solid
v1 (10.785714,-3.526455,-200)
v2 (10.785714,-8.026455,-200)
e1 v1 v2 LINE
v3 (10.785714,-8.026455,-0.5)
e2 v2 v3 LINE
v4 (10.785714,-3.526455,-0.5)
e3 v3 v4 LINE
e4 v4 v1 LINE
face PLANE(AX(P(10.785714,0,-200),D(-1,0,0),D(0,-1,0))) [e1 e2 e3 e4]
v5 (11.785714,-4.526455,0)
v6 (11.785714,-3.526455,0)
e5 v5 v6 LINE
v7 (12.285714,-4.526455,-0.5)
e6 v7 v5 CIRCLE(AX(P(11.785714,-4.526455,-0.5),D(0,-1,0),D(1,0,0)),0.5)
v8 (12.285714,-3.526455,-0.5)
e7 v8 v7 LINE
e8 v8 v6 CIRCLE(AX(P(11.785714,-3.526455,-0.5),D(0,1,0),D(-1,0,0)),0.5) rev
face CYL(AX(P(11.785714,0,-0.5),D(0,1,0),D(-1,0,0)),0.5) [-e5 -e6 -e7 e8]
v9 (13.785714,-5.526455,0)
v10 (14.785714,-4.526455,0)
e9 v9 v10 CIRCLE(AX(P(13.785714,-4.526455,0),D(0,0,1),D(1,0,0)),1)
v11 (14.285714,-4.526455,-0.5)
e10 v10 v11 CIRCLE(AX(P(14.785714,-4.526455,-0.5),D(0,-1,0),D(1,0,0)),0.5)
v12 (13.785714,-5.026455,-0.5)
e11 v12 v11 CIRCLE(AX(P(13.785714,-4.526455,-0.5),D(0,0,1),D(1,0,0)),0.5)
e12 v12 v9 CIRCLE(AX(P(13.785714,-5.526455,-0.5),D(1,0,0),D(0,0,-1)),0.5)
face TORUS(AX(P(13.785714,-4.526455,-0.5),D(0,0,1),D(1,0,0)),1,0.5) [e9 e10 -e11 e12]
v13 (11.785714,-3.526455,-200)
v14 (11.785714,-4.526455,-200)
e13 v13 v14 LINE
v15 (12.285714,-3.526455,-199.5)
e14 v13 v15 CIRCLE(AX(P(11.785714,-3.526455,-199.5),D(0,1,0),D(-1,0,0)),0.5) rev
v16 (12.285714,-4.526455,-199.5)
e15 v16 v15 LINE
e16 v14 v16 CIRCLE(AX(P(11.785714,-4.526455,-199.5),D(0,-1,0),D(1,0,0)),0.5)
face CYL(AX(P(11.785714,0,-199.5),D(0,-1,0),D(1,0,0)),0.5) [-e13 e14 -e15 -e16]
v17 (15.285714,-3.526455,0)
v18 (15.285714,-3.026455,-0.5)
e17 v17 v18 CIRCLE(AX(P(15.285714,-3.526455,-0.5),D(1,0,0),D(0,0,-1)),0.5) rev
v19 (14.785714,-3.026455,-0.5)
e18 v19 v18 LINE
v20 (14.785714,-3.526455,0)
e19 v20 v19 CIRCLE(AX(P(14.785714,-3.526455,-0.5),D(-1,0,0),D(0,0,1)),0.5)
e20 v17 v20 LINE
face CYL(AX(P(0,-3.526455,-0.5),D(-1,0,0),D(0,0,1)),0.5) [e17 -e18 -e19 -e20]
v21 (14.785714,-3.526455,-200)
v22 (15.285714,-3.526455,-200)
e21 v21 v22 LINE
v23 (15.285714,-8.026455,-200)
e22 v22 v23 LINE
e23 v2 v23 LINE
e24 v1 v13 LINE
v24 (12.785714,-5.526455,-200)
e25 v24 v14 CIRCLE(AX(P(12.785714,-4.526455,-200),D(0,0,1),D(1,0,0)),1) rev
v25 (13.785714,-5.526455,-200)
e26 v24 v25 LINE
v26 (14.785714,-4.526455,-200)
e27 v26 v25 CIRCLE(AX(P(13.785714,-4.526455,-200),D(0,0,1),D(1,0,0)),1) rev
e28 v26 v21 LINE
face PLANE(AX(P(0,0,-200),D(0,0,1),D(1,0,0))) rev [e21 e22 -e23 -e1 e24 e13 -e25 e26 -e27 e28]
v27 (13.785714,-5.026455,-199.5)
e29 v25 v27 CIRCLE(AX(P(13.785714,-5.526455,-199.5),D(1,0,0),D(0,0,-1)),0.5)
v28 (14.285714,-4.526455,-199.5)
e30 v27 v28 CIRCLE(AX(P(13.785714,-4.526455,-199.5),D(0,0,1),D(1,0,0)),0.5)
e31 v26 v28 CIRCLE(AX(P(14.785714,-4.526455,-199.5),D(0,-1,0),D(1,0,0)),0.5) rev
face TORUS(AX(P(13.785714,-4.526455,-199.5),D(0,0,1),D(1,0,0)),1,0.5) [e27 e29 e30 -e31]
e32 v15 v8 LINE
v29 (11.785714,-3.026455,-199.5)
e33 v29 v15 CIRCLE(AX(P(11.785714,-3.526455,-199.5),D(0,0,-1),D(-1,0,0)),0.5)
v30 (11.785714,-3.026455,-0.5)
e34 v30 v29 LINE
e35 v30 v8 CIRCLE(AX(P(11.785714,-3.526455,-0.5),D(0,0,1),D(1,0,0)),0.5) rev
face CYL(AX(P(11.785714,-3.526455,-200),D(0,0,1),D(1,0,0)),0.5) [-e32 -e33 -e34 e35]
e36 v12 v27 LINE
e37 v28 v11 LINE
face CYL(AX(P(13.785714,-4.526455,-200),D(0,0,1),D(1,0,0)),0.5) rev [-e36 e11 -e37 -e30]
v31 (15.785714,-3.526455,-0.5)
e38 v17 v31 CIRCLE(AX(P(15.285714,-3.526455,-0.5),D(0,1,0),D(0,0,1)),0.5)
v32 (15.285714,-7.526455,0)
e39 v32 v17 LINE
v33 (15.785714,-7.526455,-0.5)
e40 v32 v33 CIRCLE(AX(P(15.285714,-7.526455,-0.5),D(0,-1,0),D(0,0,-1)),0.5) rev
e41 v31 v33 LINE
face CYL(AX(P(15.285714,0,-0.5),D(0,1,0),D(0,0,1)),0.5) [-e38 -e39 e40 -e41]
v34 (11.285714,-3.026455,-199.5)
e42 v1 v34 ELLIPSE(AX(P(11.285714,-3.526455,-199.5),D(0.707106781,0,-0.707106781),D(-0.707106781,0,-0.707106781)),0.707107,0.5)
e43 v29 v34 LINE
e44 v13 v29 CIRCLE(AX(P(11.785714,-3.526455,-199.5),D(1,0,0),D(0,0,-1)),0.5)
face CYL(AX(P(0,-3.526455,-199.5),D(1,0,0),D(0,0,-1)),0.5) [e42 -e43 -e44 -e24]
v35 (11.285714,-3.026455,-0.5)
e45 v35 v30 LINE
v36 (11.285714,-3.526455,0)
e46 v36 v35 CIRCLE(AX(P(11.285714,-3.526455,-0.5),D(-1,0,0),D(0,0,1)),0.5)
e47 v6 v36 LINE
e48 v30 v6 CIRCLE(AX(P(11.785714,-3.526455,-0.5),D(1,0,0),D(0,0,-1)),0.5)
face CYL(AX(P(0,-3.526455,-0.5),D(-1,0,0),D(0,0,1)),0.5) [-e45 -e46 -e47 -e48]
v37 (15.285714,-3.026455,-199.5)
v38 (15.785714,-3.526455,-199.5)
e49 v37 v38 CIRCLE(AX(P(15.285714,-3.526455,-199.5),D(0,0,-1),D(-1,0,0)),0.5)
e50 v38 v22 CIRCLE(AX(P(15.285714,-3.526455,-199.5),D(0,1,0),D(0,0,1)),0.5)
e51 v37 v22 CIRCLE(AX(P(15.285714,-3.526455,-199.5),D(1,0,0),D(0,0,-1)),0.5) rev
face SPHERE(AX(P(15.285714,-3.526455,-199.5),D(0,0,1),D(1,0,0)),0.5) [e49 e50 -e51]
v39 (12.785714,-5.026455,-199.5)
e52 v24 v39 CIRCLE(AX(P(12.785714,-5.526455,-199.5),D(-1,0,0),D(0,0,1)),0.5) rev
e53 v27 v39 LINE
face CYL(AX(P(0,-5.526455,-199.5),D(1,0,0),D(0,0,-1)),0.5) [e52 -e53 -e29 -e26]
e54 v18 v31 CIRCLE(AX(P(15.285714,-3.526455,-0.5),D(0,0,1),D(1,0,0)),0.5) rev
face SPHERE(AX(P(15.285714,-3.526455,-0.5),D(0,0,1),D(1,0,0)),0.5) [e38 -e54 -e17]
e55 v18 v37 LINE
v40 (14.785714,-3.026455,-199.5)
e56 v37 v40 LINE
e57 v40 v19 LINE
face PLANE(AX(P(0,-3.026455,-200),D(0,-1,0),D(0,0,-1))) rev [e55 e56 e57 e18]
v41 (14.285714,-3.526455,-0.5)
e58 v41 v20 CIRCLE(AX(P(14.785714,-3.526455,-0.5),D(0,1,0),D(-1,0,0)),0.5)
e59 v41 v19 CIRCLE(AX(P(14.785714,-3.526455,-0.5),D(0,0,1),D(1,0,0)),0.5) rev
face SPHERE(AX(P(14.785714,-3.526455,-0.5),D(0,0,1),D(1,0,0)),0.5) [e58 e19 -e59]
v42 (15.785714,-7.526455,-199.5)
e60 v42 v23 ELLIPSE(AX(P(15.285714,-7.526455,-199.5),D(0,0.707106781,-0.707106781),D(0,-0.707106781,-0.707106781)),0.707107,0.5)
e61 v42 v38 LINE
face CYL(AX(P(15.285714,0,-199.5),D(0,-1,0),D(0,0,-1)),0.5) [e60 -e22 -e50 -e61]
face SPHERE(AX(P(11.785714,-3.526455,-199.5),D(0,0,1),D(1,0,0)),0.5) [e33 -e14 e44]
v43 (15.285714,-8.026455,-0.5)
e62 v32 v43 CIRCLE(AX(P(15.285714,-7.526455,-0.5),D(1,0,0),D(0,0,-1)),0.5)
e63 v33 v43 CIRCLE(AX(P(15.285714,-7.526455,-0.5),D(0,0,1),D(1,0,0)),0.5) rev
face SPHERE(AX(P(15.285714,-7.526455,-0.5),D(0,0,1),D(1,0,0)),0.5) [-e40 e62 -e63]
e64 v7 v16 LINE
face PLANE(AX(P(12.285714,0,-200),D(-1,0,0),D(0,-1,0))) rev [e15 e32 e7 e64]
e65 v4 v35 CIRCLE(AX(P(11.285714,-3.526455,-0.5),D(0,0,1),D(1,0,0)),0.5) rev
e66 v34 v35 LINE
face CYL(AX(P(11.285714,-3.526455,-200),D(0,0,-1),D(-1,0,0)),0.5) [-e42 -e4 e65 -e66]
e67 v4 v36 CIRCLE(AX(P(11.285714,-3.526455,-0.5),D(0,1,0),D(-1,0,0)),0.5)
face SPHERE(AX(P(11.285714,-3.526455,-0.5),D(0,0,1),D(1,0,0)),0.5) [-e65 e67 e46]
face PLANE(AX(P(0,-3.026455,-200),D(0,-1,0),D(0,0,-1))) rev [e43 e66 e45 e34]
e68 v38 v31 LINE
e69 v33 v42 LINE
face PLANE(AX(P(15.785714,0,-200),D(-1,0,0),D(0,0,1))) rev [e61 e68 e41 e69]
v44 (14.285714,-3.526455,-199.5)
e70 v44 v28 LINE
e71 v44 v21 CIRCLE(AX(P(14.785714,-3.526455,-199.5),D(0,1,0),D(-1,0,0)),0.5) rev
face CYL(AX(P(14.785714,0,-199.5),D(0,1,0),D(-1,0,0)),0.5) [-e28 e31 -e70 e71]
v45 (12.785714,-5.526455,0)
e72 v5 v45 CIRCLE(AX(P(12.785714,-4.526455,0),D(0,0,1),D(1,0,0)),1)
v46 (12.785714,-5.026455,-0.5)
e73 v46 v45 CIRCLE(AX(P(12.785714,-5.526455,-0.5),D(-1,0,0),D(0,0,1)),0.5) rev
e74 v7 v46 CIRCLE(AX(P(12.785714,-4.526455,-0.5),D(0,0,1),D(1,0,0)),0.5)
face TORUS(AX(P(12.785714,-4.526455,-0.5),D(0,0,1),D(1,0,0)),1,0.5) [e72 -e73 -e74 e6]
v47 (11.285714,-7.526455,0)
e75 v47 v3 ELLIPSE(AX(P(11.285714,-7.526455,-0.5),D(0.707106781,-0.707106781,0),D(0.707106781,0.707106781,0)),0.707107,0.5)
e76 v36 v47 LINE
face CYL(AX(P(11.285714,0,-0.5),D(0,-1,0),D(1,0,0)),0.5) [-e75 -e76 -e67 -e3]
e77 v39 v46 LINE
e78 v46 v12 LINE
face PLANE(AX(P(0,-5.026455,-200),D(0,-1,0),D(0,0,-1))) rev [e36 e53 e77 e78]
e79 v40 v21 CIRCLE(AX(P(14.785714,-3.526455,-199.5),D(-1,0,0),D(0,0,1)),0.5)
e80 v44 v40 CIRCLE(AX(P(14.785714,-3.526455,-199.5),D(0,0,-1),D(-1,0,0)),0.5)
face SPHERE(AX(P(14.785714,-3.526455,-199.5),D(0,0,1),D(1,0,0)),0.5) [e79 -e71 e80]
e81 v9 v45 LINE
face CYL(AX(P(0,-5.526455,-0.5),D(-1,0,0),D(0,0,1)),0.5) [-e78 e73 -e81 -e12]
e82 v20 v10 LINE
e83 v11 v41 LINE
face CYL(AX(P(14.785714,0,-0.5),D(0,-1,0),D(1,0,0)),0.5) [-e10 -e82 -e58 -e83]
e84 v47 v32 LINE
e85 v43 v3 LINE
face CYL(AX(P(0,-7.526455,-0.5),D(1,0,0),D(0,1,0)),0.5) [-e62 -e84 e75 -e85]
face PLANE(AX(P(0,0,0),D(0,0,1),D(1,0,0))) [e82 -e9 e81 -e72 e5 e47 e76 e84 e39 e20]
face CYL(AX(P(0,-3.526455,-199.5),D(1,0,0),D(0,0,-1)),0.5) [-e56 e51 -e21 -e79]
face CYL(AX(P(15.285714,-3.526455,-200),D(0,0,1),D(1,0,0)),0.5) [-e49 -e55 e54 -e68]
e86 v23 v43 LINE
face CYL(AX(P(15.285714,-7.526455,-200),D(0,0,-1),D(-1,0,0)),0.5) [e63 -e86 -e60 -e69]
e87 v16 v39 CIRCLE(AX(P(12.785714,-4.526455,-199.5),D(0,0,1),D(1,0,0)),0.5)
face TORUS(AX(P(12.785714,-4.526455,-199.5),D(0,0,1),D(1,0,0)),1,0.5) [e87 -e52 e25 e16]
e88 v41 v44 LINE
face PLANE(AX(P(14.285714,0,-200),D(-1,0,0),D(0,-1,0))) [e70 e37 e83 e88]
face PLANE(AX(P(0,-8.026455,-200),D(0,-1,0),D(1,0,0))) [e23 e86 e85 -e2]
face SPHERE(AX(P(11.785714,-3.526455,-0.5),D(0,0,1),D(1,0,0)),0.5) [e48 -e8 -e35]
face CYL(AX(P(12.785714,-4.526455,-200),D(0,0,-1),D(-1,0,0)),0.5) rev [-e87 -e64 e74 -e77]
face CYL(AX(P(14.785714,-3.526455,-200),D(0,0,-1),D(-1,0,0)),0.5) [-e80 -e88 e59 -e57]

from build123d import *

# Parameters (mm, degrees)
BOSS_EXTRUDE1_DEPTH = 200
FILLET1_R           = 0.5


with BuildPart() as part:
    # Sketch1 → Boss-Extrude1 (new body)
    with BuildSketch(Plane.XY):
        Polygon((12.285714286, -3.026455026), (10.785714286, -3.026455026), (10.785714286, -8.026455026), (15.785714286, -8.026455026), (15.785714286, -3.026455026), (14.285714286, -3.026455026), (14.285714286, -5.026455026), (12.285714286, -5.026455026), align=None)
    extrude(amount=-BOSS_EXTRUDE1_DEPTH)

    # Fillet1
    fillet1_edges = [part.edges().sort_by_distance(p)[0] for p in [
        (11.535714286, -3.026455026, 0),
        (12.285714286, -4.026455026, 0),
        (13.285714286, -5.026455026, 0),
        (14.285714286, -4.026455026, 0),
        (15.035714286, -3.026455026, 0),
        (13.285714286, -5.026455026, -200),
        (15.785714286, -3.026455026, -100),
        (15.785714286, -8.026455026, -100),
        (10.785714286, -3.026455026, -100),
        (12.285714286, -3.026455026, -100),
        (12.285714286, -5.026455026, -100),
        (14.285714286, -5.026455026, -100),
        (14.285714286, -3.026455026, -100),
        (12.285714286, -4.026455026, -200),
        (11.535714286, -3.026455026, -200),
        (15.785714286, -5.526455026, -200),
        (15.035714286, -3.026455026, -200),
        (15.785714286, -5.526455026, 0),
        (14.285714286, -4.026455026, -200),
        (13.285714286, -8.026455026, 0),
        (10.785714286, -5.526455026, 0),
    ]]
    fillet(fillet1_edges, radius=FILLET1_R)


solid = part.part
